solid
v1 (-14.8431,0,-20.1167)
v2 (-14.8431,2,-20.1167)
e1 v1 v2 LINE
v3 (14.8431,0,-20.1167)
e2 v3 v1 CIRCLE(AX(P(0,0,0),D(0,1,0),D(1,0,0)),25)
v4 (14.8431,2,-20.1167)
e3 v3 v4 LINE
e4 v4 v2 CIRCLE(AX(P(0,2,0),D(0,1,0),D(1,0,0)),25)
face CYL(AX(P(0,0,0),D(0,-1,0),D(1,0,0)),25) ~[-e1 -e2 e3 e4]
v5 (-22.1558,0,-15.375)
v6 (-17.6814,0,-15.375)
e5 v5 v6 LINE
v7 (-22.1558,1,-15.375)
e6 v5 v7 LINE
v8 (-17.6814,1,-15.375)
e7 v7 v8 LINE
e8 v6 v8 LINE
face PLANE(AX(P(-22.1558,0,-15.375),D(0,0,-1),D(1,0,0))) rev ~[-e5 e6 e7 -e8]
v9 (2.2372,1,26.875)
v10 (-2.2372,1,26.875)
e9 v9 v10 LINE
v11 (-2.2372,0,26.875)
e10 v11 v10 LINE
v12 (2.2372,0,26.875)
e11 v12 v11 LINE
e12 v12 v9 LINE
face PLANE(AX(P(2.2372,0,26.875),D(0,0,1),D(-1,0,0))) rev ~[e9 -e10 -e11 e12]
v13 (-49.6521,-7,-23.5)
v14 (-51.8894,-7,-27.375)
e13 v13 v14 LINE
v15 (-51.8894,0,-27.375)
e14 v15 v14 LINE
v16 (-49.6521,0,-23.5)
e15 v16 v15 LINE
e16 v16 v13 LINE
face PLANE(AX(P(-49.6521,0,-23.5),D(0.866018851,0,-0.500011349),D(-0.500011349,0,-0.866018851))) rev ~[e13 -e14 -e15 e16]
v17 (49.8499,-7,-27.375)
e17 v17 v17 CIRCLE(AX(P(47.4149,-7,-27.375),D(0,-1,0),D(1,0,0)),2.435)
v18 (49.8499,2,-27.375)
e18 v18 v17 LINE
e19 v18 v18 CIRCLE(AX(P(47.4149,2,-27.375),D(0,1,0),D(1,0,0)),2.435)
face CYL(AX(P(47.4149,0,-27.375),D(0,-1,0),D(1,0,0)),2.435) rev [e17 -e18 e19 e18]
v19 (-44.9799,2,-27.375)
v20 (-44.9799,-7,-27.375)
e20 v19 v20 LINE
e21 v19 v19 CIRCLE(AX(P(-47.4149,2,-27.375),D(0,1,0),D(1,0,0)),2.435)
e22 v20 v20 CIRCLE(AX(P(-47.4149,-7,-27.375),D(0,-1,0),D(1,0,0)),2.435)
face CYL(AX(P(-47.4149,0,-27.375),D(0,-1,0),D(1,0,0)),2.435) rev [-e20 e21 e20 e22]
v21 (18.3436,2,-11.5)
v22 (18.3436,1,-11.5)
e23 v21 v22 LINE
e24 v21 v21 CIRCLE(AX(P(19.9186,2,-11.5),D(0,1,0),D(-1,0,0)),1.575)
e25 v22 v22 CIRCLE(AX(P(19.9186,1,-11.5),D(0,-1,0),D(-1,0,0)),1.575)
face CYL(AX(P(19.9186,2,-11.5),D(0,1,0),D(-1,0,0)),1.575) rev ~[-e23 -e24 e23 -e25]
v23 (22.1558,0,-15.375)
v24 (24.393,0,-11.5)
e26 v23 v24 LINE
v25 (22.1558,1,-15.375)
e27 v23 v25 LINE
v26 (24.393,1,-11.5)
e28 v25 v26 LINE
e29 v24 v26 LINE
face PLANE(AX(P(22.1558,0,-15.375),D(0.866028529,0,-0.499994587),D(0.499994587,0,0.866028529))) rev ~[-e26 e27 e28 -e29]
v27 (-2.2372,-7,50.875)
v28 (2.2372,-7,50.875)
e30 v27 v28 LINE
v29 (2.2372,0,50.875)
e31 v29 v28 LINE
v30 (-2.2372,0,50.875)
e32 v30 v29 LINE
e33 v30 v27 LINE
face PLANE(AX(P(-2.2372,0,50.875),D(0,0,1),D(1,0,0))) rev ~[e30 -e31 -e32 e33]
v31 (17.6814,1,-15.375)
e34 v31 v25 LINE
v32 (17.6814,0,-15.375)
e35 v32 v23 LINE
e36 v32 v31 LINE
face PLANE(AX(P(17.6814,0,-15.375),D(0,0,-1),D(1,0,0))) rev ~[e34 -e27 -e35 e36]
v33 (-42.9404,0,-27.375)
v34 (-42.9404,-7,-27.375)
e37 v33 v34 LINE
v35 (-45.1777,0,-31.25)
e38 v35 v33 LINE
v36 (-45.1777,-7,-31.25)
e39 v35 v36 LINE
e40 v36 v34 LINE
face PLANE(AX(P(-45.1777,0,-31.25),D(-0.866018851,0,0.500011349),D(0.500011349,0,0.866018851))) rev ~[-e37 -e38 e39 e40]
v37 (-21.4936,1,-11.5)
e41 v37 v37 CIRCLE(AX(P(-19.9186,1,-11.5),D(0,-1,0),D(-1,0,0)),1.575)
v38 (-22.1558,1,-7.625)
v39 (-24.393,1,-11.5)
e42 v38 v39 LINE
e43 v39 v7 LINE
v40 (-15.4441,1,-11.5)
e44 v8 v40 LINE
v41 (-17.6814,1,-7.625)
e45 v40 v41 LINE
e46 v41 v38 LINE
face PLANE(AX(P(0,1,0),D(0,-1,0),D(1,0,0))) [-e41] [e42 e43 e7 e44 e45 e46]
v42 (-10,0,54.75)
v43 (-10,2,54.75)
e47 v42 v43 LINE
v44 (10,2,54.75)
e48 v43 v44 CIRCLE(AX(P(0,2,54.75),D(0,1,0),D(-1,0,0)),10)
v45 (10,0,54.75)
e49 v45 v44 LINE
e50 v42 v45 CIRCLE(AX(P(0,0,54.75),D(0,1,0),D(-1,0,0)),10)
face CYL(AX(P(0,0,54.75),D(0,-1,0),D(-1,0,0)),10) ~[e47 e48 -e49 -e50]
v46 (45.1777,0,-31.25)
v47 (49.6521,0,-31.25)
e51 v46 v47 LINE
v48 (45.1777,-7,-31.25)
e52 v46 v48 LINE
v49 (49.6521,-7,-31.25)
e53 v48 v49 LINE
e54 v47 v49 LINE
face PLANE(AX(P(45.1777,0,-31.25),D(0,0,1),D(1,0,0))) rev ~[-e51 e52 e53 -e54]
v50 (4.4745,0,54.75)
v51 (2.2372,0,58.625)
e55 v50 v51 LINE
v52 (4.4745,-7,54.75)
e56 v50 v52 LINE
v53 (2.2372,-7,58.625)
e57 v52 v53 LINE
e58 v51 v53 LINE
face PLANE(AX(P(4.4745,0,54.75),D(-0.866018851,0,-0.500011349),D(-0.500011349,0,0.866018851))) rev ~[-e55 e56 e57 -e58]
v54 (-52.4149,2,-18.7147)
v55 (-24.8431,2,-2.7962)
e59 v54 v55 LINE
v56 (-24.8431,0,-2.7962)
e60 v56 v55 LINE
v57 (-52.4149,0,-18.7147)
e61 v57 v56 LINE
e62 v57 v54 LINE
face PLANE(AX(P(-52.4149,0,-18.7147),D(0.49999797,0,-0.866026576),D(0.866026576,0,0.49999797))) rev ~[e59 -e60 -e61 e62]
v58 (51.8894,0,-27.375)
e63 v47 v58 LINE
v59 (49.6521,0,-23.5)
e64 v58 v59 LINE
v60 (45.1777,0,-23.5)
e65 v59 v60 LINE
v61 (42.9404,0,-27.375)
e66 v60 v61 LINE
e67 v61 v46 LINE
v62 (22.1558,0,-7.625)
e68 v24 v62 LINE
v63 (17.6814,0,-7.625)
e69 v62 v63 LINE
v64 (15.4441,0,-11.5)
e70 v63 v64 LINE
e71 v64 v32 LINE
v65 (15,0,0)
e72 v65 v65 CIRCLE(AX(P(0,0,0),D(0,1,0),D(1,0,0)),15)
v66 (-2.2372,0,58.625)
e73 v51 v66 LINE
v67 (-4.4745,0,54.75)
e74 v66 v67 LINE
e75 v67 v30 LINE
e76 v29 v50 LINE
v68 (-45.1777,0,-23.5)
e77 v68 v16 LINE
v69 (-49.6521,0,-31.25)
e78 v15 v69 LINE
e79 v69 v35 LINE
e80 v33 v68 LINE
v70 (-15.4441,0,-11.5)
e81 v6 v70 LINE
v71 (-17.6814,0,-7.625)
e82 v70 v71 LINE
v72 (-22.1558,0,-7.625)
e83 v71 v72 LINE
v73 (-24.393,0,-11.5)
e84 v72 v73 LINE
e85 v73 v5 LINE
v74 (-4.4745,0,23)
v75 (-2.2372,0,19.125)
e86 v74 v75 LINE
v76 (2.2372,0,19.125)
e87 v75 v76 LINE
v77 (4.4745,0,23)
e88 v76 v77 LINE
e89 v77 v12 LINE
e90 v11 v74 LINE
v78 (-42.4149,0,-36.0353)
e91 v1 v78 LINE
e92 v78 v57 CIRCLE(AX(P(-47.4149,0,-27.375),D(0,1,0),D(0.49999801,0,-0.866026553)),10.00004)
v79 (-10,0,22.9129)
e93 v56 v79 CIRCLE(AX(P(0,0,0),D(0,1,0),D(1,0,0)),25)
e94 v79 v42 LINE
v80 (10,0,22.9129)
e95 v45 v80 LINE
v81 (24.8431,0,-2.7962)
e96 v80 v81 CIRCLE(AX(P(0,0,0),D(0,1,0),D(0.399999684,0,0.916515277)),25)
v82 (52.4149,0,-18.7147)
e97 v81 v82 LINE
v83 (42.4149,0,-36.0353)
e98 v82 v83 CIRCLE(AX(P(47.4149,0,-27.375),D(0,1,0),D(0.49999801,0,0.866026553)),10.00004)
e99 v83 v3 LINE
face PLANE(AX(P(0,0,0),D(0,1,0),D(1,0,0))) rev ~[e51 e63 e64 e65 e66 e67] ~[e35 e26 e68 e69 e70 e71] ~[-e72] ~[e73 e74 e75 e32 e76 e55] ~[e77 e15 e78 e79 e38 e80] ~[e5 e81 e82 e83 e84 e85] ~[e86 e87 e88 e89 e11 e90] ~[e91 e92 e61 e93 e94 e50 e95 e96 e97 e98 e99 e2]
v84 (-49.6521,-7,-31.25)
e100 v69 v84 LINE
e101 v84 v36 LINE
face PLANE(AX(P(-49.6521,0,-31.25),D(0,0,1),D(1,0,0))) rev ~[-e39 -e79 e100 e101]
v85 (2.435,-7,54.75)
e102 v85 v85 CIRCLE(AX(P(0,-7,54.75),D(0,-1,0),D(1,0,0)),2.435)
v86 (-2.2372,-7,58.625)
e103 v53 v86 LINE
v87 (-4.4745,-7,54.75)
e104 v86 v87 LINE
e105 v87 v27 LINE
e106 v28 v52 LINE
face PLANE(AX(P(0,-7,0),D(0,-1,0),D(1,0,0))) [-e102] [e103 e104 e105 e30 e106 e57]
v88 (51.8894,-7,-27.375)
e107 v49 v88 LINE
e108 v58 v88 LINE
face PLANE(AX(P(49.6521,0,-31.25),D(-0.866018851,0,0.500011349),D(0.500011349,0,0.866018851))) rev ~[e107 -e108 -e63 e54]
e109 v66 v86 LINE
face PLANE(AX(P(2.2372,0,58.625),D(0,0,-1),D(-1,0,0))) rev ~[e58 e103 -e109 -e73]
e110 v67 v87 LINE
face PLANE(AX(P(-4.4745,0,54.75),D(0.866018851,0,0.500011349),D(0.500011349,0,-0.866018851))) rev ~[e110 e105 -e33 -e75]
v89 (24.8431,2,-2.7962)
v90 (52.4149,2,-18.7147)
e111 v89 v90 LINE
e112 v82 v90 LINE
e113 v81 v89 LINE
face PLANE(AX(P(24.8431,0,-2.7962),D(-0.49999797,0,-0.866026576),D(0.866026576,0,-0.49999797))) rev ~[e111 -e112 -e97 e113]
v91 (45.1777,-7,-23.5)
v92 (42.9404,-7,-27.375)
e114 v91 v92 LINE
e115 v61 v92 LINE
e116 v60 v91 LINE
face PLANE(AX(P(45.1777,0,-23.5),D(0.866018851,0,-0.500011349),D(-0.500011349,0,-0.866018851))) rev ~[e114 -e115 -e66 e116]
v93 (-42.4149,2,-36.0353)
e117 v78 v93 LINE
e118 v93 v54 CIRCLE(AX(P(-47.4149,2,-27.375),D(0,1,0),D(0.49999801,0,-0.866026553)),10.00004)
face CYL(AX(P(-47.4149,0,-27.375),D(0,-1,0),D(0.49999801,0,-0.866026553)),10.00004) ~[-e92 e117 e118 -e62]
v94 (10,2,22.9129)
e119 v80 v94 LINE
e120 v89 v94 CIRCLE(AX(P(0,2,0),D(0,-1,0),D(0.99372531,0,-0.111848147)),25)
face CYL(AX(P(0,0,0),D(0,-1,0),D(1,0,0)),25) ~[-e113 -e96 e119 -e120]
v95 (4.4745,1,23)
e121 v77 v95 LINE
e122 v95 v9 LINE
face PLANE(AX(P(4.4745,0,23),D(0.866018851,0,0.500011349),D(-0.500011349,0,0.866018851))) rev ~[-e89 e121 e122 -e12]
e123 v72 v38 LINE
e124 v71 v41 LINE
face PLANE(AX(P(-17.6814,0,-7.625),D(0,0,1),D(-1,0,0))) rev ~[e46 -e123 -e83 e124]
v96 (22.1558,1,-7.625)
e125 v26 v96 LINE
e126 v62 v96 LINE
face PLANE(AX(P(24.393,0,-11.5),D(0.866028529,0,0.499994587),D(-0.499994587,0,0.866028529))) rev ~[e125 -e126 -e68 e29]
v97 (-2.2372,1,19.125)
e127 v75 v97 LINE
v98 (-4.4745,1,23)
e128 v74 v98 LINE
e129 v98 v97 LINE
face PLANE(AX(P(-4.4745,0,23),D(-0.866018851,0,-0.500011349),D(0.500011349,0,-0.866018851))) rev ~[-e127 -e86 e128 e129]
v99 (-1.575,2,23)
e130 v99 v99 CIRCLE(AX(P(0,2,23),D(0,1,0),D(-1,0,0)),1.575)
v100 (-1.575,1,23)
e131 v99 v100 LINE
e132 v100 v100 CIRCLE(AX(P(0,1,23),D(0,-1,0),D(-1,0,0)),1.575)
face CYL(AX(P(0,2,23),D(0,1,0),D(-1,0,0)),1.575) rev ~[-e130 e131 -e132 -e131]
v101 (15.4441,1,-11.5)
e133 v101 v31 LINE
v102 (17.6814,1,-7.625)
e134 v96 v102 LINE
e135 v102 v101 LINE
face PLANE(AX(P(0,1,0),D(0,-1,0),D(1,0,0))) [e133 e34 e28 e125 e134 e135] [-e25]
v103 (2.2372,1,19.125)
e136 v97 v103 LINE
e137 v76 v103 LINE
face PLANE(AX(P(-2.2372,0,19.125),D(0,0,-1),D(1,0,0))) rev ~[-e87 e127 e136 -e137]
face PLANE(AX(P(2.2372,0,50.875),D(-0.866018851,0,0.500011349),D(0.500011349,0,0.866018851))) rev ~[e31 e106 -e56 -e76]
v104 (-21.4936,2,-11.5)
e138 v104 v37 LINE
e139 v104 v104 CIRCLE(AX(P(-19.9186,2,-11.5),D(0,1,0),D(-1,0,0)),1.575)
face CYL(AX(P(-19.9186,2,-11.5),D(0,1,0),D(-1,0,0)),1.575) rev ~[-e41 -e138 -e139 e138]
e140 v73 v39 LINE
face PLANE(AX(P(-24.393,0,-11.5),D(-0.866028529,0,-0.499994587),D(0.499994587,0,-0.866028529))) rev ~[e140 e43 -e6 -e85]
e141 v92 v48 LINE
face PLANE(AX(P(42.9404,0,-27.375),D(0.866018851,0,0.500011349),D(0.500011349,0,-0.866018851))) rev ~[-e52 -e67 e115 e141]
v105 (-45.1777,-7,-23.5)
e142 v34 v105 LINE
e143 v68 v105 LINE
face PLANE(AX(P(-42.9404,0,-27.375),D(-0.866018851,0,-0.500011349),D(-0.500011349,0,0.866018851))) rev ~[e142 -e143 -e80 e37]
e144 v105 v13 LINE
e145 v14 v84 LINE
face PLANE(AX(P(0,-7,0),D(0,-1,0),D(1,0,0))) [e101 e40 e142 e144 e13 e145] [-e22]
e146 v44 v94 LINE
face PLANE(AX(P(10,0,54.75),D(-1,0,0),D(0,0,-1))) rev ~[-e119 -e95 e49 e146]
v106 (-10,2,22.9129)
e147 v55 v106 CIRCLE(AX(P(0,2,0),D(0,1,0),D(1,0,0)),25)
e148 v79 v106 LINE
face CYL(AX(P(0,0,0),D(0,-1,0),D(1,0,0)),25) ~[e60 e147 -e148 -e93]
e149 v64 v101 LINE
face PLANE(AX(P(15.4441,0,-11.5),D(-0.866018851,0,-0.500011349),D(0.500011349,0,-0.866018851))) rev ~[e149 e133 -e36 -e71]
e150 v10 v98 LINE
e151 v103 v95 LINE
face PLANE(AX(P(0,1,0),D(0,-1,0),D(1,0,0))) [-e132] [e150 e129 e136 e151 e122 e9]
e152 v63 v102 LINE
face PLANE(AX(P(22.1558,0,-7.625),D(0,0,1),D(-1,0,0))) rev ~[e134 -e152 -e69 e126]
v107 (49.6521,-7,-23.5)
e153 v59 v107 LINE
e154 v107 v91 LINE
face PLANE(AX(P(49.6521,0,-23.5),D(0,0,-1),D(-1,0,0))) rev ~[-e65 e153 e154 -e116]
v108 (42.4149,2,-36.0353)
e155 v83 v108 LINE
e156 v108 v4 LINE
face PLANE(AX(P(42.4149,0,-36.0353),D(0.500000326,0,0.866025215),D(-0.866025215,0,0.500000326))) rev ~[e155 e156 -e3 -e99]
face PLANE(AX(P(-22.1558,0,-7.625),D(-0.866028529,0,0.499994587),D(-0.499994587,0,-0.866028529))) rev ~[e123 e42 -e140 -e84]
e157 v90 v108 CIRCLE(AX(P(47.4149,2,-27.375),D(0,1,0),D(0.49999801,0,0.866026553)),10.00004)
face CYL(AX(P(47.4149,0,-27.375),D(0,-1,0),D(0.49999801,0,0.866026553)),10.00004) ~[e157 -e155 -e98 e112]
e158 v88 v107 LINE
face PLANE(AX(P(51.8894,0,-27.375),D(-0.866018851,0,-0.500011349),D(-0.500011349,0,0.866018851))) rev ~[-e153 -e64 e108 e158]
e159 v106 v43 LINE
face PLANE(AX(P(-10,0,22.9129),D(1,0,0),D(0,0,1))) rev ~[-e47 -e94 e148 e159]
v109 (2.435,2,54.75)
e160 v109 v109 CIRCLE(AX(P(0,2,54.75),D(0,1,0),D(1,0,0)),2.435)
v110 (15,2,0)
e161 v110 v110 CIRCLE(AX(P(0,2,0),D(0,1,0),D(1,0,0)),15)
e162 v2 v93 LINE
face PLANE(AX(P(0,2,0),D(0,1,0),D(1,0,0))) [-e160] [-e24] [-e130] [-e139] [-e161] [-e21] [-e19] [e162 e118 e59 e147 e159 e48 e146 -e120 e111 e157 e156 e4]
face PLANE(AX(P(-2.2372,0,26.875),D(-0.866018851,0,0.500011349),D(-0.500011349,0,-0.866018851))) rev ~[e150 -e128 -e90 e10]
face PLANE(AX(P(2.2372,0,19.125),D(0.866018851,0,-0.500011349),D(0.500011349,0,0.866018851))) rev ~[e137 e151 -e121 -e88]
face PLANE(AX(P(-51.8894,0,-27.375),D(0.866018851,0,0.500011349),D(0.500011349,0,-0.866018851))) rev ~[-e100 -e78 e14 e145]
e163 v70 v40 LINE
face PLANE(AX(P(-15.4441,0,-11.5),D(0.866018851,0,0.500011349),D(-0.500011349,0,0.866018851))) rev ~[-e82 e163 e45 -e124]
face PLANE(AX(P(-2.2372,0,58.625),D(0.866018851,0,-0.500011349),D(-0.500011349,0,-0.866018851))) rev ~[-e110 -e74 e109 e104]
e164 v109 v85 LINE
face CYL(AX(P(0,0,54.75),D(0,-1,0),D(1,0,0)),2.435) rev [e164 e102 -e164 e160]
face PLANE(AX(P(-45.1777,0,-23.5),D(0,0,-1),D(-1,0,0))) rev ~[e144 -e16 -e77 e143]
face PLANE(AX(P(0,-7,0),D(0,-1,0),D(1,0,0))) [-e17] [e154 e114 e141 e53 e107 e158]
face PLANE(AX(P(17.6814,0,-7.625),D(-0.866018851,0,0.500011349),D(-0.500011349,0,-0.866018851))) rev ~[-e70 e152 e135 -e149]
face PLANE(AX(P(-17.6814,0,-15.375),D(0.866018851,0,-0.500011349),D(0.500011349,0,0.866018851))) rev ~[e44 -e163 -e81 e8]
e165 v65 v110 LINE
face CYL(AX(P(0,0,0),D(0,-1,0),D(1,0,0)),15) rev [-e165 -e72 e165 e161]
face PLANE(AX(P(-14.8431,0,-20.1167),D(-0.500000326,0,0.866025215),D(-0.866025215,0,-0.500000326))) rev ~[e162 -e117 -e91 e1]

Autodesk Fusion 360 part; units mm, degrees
sketch "Sketch1" plane through (0, 0, 0) normal (0, 1, 0) x (1, 0, 0)
  circle A0 centre (0, 0) radius 15
  circle A1 centre (0, 0) radius 25
  line L0 (0, 0) -> (0, -54.75) construction
  circle A2 centre (0, -54.75) radius 2.435
  line L1 (4.5611, -54.75) -> (2.2805, -50.8)
  line L2 (2.2805, -50.8) -> (-2.2805, -50.8)
  line L3 (-2.2805, -50.8) -> (-4.5611, -54.75)
  line L4 (-4.5611, -54.75) -> (-2.2805, -58.7)
  line L5 (-2.2805, -58.7) -> (2.2805, -58.7)
  line L6 (2.2805, -58.7) -> (4.5611, -54.75)
  line L7 (-10, -22.9129) -> (-10, -54.75)
  arc A3 (-10, -54.75) -> (10, -54.75) centre (0, -54.75) ccw
  line L8 (10, -54.75) -> (10, -22.9129)
  line L9 (0, 0) -> (47.4149, 27.375) construction
  line L10 (45.1344, 31.325) -> (42.8538, 27.375)
  circle A4 centre (47.4149, 27.375) radius 2.435
  line L11 (51.976, 27.375) -> (49.6954, 31.325)
  line L12 (42.8538, 27.375) -> (45.1344, 23.425)
  line L13 (49.6954, 23.425) -> (51.976, 27.375)
  line L14 (45.1344, 23.425) -> (49.6954, 23.425)
  arc A5 (52.4149, 18.7147) -> (42.4149, 36.0353) centre (47.4149, 27.375) ccw
  line L15 (49.6954, 31.325) -> (45.1344, 31.325)
  line L16 (42.4149, 36.0353) -> (14.8431, 20.1167)
  line L17 (24.8431, 2.7962) -> (52.4149, 18.7147)
  line L18 (0, 0) -> (-47.4149, 27.375) construction
  line L19 (-49.6954, 23.425) -> (-45.1344, 23.425)
  circle A6 centre (-47.4149, 27.375) radius 2.435
  line L20 (-49.6954, 31.325) -> (-51.976, 27.375)
  line L21 (-45.1344, 23.425) -> (-42.8538, 27.375)
  line L22 (-45.1344, 31.325) -> (-49.6954, 31.325)
  line L23 (-42.8538, 27.375) -> (-45.1344, 31.325)
  arc A7 (-42.4149, 36.0353) -> (-52.4149, 18.7147) centre (-47.4149, 27.375) ccw
  line L24 (-51.976, 27.375) -> (-49.6954, 23.425)
  line L25 (-52.4149, 18.7147) -> (-24.8431, 2.7962)
  line L26 (-14.8431, 20.1167) -> (-42.4149, 36.0353)
  point P0 (0, -54.75)
  point P1 (47.4149, 27.375)
  point P2 (-47.4149, 27.375)
  dimension "d1" = 30
  dimension "d2" = 50
  dimension "d3" = 7.9
  dimension "d4" = 4.87
  dimension "d5" = 50.8
  dimension "d6" = 10
  dimension "d8" = 360
extrude "Extrude1" add sketch "Sketch1" along normal blind 2 contours A1 | A1 A5 L16 L17 | A1 L7 A3 L8 | A1 A7 L25 L26 | L1 L2 L3 L4 L5 L6 | L10 L11 L12 L13 L14 L15 | L19 L20 L21 L22 L23 L24
sketch "Sketch2" plane through (0, 0, 0) normal (0, -1, 0) x (1, 0, 0)
  circle A0 centre (0, 0) radius 15
  circle A1 centre (47.4149, -27.375) radius 2.435
  circle A2 centre (0, 54.75) radius 2.435
  circle A3 centre (-47.4149, -27.375) radius 2.435
  line L0 (-42.4149, -36.0353) -> (-14.8431, -20.1167)
  arc A4 (-14.8431, -20.1167) -> (14.8431, -20.1167) centre (0, 0) ccw
  line L1 (14.8431, -20.1167) -> (42.4149, -36.0353)
  arc A5 (42.4149, -36.0353) -> (52.4149, -18.7147) centre (47.4149, -27.375) ccw
  line L2 (52.4149, -18.7147) -> (24.8431, -2.7962)
  arc A6 (24.8431, -2.7962) -> (10, 22.9129) centre (0, 0) ccw
  line L3 (10, 22.9129) -> (10, 54.75)
  arc A7 (10, 54.75) -> (-10, 54.75) centre (0, 54.75) ccw
  line L4 (-10, 54.75) -> (-10, 22.9129)
  arc A8 (-10, 22.9129) -> (-24.8431, -2.7962) centre (0, 0) ccw
  line L5 (-24.8431, -2.7962) -> (-52.4149, -18.7147)
  arc A9 (-52.4149, -18.7147) -> (-42.4149, -36.0353) centre (-47.4149, -27.375) ccw
  line L6 (2.2372, 50.875) -> (4.4745, 54.75)
  line L7 (4.4745, 54.75) -> (2.2372, 58.625)
  line L8 (2.2372, 58.625) -> (-2.2372, 58.625)
  line L9 (-2.2372, 58.625) -> (-4.4745, 54.75)
  line L10 (-4.4745, 54.75) -> (-2.2372, 50.875)
  line L11 (-2.2372, 50.875) -> (2.2372, 50.875)
  line L12 (-51.8894, -27.375) -> (-49.6521, -31.25)
  line L13 (-45.1777, -23.5) -> (-49.6521, -23.5)
  line L14 (-42.9404, -27.375) -> (-45.1777, -23.5)
  line L15 (-49.6521, -31.25) -> (-45.1777, -31.25)
  circle A10 centre (-47.4149, -27.375) radius 2.435
  line L16 (-45.1777, -31.25) -> (-42.9404, -27.375)
  line L17 (-49.6521, -23.5) -> (-51.8894, -27.375)
  line L18 (49.6521, -31.25) -> (51.8894, -27.375)
  line L19 (42.9404, -27.375) -> (45.1777, -31.25)
  line L20 (45.1777, -23.5) -> (42.9404, -27.375)
  line L21 (51.8894, -27.375) -> (49.6521, -23.5)
  circle A11 centre (47.4149, -27.375) radius 2.435
  line L22 (49.6521, -23.5) -> (45.1777, -23.5)
  line L23 (45.1777, -31.25) -> (49.6521, -31.25)
  point P0 (0, 54.75)
  point P1 (-47.4149, -27.375)
  point P2 (47.4149, -27.375)
  dimension "d11" = 7.75
  dimension "d13" = 360
extrude "Extrude2" add sketch "Sketch2" along normal blind 7 contours L6 L7 L8 L9 L10 L11 | L12 L13 L14 L15 L16 L17 | L18 L19 L20 L21 L22 L23
sketch "Sketch3" plane through (0, 2, 0) normal (0, 1, 0) x (-1, 0, 0)
  circle A0 centre (0, 0) radius 15
  circle A1 centre (-47.4149, -27.375) radius 2.435
  circle A2 centre (0, 54.75) radius 2.435
  circle A3 centre (47.4149, -27.375) radius 2.435
  line L0 (14.8431, -20.1167) -> (42.4149, -36.0353)
  arc A4 (42.4149, -36.0353) -> (52.4149, -18.7147) centre (47.4149, -27.375) ccw
  line L1 (52.4149, -18.7147) -> (24.8431, -2.7962)
  arc A5 (24.8431, -2.7962) -> (10, 22.9129) centre (0, 0) ccw
  line L2 (10, 22.9129) -> (10, 54.75)
  arc A6 (10, 54.75) -> (-10, 54.75) centre (0, 54.75) ccw
  line L3 (-10, 54.75) -> (-10, 22.9129)
  arc A7 (-10, 22.9129) -> (-24.8431, -2.7962) centre (0, 0) ccw
  line L4 (-24.8431, -2.7962) -> (-52.4149, -18.7147)
  arc A8 (-52.4149, -18.7147) -> (-42.4149, -36.0353) centre (-47.4149, -27.375) ccw
  line L5 (-42.4149, -36.0353) -> (-14.8431, -20.1167)
  arc A9 (-14.8431, -20.1167) -> (14.8431, -20.1167) centre (0, 0) ccw
  line L6 (0, 54.75) -> (0, 15) construction
  circle A10 centre (0, 23) radius 3
  circle A11 centre (0, 23) radius 1.575
  circle A12 centre (-19.9186, -11.5) radius 3
  circle A13 centre (-19.9186, -11.5) radius 1.575
  circle A14 centre (19.9186, -11.5) radius 3
  circle A15 centre (19.9186, -11.5) radius 1.575
  dimension "d16" = 8
  dimension "d17" = 6
  dimension "d18" = 3.15
  dimension "d20" = 360
extrude "Extrude6" cut sketch "Sketch3" against normal up to surface (2 mm away) contours A11 | A13 | A15
sketch "Sketch5" plane through (0, 0, 0) normal (0, -1, 0) x (1, 0, 0)
  circle A0 centre (19.9186, -11.5) radius 1.575
  circle A1 centre (0, 23) radius 1.575
  circle A2 centre (-19.9186, -11.5) radius 1.575
  line L0 (-2.2372, 50.875) -> (-4.4745, 54.75)
  line L1 (-4.4745, 54.75) -> (-2.2372, 58.625)
  line L2 (-2.2372, 58.625) -> (2.2372, 58.625)
  line L3 (2.2372, 58.625) -> (4.4745, 54.75)
  line L4 (4.4745, 54.75) -> (2.2372, 50.875)
  line L5 (2.2372, 50.875) -> (-2.2372, 50.875)
  line L6 (-49.6521, -23.5) -> (-45.1777, -23.5)
  line L7 (-45.1777, -23.5) -> (-42.9404, -27.375)
  line L8 (-42.9404, -27.375) -> (-45.1777, -31.25)
  line L9 (-45.1777, -31.25) -> (-49.6521, -31.25)
  line L10 (-49.6521, -31.25) -> (-51.8894, -27.375)
  line L11 (-51.8894, -27.375) -> (-49.6521, -23.5)
  line L12 (45.1777, -31.25) -> (42.9404, -27.375)
  line L13 (42.9404, -27.375) -> (45.1777, -23.5)
  line L14 (45.1777, -23.5) -> (49.6521, -23.5)
  line L15 (49.6521, -23.5) -> (51.8894, -27.375)
  line L16 (51.8894, -27.375) -> (49.6521, -31.25)
  line L17 (49.6521, -31.25) -> (45.1777, -31.25)
  circle A3 centre (0, 0) radius 15
  line L18 (-42.4149, -36.0353) -> (-14.8431, -20.1167)
  arc A4 (-14.8431, -20.1167) -> (14.8431, -20.1167) centre (0, 0) ccw
  line L19 (14.8431, -20.1167) -> (42.4149, -36.0353)
  arc A5 (42.4149, -36.0353) -> (52.4149, -18.7147) centre (47.4149, -27.375) ccw
  line L20 (52.4149, -18.7147) -> (24.8431, -2.7962)
  arc A6 (24.8431, -2.7962) -> (10, 22.9129) centre (0, 0) ccw
  line L21 (10, 22.9129) -> (10, 54.75)
  arc A7 (10, 54.75) -> (-10, 54.75) centre (0, 54.75) ccw
  line L22 (-10, 54.75) -> (-10, 22.9129)
  arc A8 (-10, 22.9129) -> (-24.8431, -2.7962) centre (0, 0) ccw
  line L23 (-24.8431, -2.7962) -> (-52.4149, -18.7147)
  arc A9 (-52.4149, -18.7147) -> (-42.4149, -36.0353) centre (-47.4149, -27.375) ccw
  line L24 (2.2372, 26.875) -> (-2.2372, 26.875)
  line L25 (-2.2372, 26.875) -> (-4.4745, 23)
  line L26 (-4.4745, 23) -> (-2.2372, 19.125)
  line L27 (-2.2372, 19.125) -> (2.2372, 19.125)
  line L28 (2.2372, 19.125) -> (4.4745, 23)
  line L29 (4.4745, 23) -> (2.2372, 26.875)
  line L30 (-22.1558, -15.375) -> (-17.6814, -15.375)
  line L31 (-22.1558, -7.625) -> (-24.393, -11.5)
  circle A10 centre (-19.9186, -11.5) radius 1.575
  line L32 (-17.6814, -15.375) -> (-15.4441, -11.5)
  line L33 (-24.393, -11.5) -> (-22.1558, -15.375)
  line L34 (-15.4441, -11.5) -> (-17.6814, -7.625)
  line L35 (-17.6814, -7.625) -> (-22.1558, -7.625)
  line L36 (24.393, -11.5) -> (22.1558, -7.625)
  line L37 (17.6814, -15.375) -> (22.1558, -15.375)
  circle A11 centre (19.9186, -11.5) radius 1.575
  line L38 (22.1558, -7.625) -> (17.6814, -7.625)
  line L39 (22.1558, -15.375) -> (24.393, -11.5)
  line L40 (17.6814, -7.625) -> (15.4441, -11.5)
  line L41 (15.4441, -11.5) -> (17.6814, -15.375)
  point P0 (0, 23)
  point P1 (-19.9186, -11.5)
  point P2 (19.9186, -11.5)
  dimension "d32" = 7.75
  dimension "d34" = 360
extrude "Extrude7" cut sketch "Sketch5" against normal up to surface (1 mm away) contours L24 L25 L26 L27 L28 L29 | L30 L31 L32 L33 L34 L35 | L36 L37 L38 L39 L40 L41
